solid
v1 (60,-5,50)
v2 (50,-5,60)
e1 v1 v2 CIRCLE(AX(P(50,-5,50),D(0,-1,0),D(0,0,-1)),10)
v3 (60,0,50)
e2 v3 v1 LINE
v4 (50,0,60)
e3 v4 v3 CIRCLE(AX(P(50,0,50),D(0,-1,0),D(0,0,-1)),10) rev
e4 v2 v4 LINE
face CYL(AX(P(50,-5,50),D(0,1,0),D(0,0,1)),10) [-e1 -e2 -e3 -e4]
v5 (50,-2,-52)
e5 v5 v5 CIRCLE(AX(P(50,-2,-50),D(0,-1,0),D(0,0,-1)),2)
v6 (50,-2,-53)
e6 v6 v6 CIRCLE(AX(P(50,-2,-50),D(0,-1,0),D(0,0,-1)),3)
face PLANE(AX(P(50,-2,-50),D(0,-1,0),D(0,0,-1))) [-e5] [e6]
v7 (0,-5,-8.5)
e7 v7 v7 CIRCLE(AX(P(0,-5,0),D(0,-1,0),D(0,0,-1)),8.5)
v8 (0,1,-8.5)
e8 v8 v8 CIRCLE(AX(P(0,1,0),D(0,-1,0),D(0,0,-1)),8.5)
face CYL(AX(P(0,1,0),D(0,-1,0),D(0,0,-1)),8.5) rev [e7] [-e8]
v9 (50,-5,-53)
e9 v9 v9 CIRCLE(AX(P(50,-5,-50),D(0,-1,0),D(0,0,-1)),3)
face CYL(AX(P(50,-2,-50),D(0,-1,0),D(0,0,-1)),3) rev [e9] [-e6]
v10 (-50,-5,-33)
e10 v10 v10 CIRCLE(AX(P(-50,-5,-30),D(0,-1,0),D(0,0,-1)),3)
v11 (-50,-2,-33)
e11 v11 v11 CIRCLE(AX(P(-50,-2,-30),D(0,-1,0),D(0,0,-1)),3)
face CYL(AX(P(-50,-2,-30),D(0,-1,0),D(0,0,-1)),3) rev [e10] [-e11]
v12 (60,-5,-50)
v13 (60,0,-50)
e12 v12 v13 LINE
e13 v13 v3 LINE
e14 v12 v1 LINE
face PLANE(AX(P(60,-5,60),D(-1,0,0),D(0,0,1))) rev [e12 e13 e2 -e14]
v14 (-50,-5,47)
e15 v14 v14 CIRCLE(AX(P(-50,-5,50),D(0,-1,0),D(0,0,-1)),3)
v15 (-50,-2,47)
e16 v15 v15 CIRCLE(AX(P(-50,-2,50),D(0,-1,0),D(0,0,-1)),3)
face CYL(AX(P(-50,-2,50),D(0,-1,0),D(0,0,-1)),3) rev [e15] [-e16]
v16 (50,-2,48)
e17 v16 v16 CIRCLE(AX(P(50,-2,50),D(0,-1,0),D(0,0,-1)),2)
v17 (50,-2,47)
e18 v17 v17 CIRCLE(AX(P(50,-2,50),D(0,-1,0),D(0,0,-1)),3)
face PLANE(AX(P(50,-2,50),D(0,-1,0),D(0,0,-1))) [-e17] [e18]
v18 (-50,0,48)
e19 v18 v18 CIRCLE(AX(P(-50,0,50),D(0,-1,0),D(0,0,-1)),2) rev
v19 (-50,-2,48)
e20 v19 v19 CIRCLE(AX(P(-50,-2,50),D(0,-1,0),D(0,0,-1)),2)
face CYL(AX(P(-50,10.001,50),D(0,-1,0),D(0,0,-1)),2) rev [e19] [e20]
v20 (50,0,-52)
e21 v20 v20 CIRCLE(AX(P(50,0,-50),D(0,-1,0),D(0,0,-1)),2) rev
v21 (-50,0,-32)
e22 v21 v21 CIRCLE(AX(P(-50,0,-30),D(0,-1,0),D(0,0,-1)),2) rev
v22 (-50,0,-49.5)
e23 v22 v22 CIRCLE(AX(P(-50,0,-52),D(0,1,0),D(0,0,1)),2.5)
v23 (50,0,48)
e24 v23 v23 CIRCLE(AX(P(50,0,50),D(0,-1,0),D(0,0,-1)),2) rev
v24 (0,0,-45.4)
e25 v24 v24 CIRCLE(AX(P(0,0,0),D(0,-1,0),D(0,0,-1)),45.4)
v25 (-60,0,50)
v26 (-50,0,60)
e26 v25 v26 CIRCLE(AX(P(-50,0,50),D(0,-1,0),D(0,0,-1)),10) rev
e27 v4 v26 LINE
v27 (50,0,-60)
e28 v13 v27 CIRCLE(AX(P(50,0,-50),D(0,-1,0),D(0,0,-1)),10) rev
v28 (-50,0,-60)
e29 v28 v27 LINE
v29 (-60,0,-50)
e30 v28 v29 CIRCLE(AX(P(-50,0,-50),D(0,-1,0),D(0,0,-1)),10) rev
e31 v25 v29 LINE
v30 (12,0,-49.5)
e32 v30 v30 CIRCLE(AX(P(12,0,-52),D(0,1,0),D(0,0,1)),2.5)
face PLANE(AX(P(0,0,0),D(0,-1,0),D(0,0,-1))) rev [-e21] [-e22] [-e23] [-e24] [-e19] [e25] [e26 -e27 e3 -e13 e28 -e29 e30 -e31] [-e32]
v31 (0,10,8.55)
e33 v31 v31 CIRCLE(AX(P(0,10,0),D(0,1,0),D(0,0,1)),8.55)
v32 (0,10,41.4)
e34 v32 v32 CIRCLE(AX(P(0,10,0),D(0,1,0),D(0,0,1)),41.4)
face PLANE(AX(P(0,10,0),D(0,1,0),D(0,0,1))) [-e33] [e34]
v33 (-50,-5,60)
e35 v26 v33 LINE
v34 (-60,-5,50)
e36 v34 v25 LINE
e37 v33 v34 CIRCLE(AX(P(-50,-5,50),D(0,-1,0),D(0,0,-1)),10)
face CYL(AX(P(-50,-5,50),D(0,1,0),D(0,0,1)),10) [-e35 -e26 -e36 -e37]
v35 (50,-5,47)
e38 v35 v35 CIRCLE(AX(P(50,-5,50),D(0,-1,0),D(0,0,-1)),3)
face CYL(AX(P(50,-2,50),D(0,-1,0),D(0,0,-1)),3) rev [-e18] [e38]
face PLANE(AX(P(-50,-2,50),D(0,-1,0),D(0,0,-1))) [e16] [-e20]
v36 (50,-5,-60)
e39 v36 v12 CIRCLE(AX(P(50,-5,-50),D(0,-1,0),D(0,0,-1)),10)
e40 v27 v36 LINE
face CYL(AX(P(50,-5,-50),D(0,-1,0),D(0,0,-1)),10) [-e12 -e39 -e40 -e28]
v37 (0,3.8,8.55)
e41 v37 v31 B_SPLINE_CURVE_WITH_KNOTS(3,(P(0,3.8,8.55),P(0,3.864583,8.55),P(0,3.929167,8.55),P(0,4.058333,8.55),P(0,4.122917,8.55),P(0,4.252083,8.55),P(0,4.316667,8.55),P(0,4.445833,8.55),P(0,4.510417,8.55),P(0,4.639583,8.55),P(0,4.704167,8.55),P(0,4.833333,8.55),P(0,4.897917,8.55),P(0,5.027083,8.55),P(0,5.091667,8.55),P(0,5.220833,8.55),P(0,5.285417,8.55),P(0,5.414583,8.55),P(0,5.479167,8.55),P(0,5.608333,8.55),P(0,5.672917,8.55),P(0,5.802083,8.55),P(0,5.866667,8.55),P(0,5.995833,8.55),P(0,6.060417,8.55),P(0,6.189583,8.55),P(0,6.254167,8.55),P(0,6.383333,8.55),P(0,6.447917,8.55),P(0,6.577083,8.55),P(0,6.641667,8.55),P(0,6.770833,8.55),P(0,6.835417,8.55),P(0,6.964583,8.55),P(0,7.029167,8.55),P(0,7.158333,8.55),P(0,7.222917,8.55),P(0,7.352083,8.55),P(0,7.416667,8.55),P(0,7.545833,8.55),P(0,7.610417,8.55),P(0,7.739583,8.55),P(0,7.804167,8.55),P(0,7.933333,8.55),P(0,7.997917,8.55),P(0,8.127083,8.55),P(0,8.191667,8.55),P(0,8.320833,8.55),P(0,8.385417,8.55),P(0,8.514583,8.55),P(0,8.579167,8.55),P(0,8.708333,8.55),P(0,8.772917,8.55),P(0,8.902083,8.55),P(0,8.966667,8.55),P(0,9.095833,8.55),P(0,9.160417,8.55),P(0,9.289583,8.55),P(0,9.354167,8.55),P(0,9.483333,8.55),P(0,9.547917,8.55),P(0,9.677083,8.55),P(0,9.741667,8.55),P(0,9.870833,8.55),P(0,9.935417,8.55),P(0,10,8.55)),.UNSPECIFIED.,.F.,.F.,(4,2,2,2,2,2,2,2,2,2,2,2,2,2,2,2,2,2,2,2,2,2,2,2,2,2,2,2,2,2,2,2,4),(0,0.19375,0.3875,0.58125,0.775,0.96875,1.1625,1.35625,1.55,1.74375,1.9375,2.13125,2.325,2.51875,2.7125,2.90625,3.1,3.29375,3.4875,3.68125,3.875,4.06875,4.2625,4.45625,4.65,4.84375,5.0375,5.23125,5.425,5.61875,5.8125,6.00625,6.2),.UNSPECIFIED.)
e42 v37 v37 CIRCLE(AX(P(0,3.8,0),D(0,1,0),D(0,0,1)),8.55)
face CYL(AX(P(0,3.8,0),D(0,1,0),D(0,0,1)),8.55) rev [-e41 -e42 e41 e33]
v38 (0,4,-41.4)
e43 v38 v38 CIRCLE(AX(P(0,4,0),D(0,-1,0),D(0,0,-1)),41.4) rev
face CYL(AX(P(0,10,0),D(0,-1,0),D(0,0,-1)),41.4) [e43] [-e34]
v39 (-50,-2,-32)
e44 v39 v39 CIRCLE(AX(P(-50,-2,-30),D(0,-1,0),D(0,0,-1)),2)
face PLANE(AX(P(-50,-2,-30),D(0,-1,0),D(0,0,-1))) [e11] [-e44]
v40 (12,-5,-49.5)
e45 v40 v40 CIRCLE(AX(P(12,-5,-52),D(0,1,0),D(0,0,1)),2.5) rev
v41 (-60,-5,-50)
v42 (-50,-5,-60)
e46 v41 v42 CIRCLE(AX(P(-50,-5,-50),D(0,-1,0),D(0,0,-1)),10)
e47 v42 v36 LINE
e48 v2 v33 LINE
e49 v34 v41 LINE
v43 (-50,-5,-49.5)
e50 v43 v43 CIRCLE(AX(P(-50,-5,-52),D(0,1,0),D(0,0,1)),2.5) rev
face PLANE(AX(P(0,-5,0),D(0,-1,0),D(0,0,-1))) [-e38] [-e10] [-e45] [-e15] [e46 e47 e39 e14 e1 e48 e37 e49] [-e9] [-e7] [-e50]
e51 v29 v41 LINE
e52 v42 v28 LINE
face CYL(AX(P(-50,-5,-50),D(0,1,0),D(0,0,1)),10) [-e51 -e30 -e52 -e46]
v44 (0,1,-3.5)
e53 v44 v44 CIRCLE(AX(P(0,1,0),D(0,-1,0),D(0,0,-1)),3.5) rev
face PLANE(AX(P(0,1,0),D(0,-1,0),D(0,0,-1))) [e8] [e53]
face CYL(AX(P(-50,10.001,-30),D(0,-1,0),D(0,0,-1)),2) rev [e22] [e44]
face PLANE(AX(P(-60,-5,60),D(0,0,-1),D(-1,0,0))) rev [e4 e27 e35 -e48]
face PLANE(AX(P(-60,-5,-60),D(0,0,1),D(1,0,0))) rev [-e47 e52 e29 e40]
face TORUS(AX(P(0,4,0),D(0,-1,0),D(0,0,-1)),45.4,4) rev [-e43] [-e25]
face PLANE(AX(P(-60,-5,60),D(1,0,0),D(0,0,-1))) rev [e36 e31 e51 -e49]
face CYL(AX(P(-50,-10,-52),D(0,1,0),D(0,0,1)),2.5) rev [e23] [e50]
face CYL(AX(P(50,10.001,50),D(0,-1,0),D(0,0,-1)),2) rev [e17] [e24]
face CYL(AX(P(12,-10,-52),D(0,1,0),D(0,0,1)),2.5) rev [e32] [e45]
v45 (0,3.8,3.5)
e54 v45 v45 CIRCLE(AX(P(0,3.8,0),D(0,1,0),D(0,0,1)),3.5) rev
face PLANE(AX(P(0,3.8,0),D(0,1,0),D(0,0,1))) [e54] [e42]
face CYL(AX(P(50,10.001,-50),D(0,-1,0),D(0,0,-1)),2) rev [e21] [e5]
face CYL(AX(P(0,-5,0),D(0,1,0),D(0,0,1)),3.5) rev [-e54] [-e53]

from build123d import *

# Parameters (mm, degrees)
CROQUIS1_R              = 41.4
SALIENTE_EXTRUIR1_DEPTH = 10
CROQUIS3_W              = 120
CROQUIS3_H              = 120
SALIENTE_EXTRUIR2_DEPTH = 5
CROQUIS2_R              = 3.5
CORTAR_EXTRUIR1_DEPTH   = 87.168439698
CROQUIS4_R              = 8.5
CORTAR_EXTRUIR2_DEPTH   = 6
CROQUIS5_W              = 42.3
CROQUIS5_H              = 42.3
SALIENTE_EXTRUIR3_DEPTH = 5
REDONDEO1_R             = 4
CORTAR_EXTRUIR3_REACH   = 134.292
CROQUIS8_R              = 2
CROQUIS8_R_2            = 11.5
CROQUIS9_R              = 3
CORTAR_EXTRUIR4_DEPTH   = 3
CORTAR_EXTRUIR5_REACH   = 98.188
CROQUIS10_R             = 2
CROQUIS11_W             = 17
CROQUIS11_H             = 42.3
SALIENTE_EXTRUIR4_DEPTH = 3
CROQUIS12_W             = 17
CROQUIS12_H             = 42.3
SALIENTE_EXTRUIR5_DEPTH = 3
CROQUIS15_W             = 17
CROQUIS15_H             = 3
SALIENTE_EXTRUIR6_DEPTH = 14
CROQUIS16_W             = 17
CROQUIS16_H             = 3
SALIENTE_EXTRUIR7_DEPTH = 15
CROQUIS13_R             = 2.5
CORTAR_EXTRUIR6_DEPTH   = 10
CROQUIS17_W             = 139.545471549
CROQUIS17_H             = 43.797559685
CORTAR_EXTRUIR7_DEPTH   = 120
REDONDEO2_R             = 10
REDONDEO3_R             = 10
REDONDEO4_R             = 10
REDONDEO5_R             = 10
CROQUIS18_R             = 8.55
CORTAR_EXTRUIR8_DEPTH   = 6.2


with BuildPart() as part:
    # Croquis1 → Saliente-Extruir1 (new body)
    with BuildSketch(Plane(origin=(0, 0, 0), x_dir=(1, 0, 0), z_dir=(0, 1, 0))):
        with Locations(Location((0, 0, 0), (0, 0, 270))):
            Circle(CROQUIS1_R)
    extrude(amount=SALIENTE_EXTRUIR1_DEPTH)

    # Croquis3 → Saliente-Extruir2 (add)
    with BuildSketch(Plane.XZ):
        Rectangle(CROQUIS3_W, CROQUIS3_H)
    extrude(amount=SALIENTE_EXTRUIR2_DEPTH)

    # Croquis2 → Cortar-Extruir1 (cut, through all)
    with BuildSketch(Plane(origin=(0, 10, 0), x_dir=(1, 0, 0), z_dir=(0, 1, 0))):
        with Locations(Location((0, 0, 0), (0, 0, 270))):
            Circle(CROQUIS2_R)
    extrude(amount=-CORTAR_EXTRUIR1_DEPTH, mode=Mode.SUBTRACT)

    # Croquis4 → Cortar-Extruir2 (cut)
    with BuildSketch(Plane.XZ.offset(5)):
        with Locations(Location((0, 0, 0), (0, 0, 270))):
            Circle(CROQUIS4_R)
    extrude(amount=-CORTAR_EXTRUIR2_DEPTH, mode=Mode.SUBTRACT)

    # Croquis5 → Saliente-Extruir3 (add)
    with BuildSketch(Plane.XY.offset(-43)):
        with Locations((-19.5, -26.15)):
            Rectangle(CROQUIS5_W, CROQUIS5_H)
    extrude(amount=-SALIENTE_EXTRUIR3_DEPTH)

    # Redondeo1
    redondeo1_edges = [part.edges().sort_by_distance(p)[0] for p in [
        (0, 0, -41.4),
    ]]
    fillet(redondeo1_edges, radius=REDONDEO1_R)

    # Croquis8 → Cortar-Extruir3 (cut, up to next)
    with BuildSketch(Plane(origin=(0, 0, -48), x_dir=(-1, 0, 0), z_dir=(0, 0, -1)), mode=Mode.PRIVATE) as cortar_extruir3_sk1:
        with Locations((4, -10.65)):
            Circle(CROQUIS8_R)
    cortar_extruir3_tool1 = extrude(cortar_extruir3_sk1.sketch, amount=-CORTAR_EXTRUIR3_REACH, mode=Mode.PRIVATE) & part.part
    # Croquis8 → Cortar-Extruir3 (cut, up to next)
    with BuildSketch(Plane(origin=(0, 0, -48), x_dir=(-1, 0, 0), z_dir=(0, 0, -1)), mode=Mode.PRIVATE) as cortar_extruir3_sk2:
        with Locations((35, -10.65)):
            Circle(CROQUIS8_R)
    cortar_extruir3_tool2 = extrude(cortar_extruir3_sk2.sketch, amount=-CORTAR_EXTRUIR3_REACH, mode=Mode.PRIVATE) & part.part
    # Croquis8 → Cortar-Extruir3 (cut, up to next)
    with BuildSketch(Plane(origin=(0, 0, -48), x_dir=(-1, 0, 0), z_dir=(0, 0, -1)), mode=Mode.PRIVATE) as cortar_extruir3_sk3:
        with Locations((35, -41.65)):
            Circle(CROQUIS8_R)
    cortar_extruir3_tool3 = extrude(cortar_extruir3_sk3.sketch, amount=-CORTAR_EXTRUIR3_REACH, mode=Mode.PRIVATE) & part.part
    # Croquis8 → Cortar-Extruir3 (cut, up to next)
    with BuildSketch(Plane(origin=(0, 0, -48), x_dir=(-1, 0, 0), z_dir=(0, 0, -1)), mode=Mode.PRIVATE) as cortar_extruir3_sk4:
        with Locations((4, -41.65)):
            Circle(CROQUIS8_R)
    cortar_extruir3_tool4 = extrude(cortar_extruir3_sk4.sketch, amount=-CORTAR_EXTRUIR3_REACH, mode=Mode.PRIVATE) & part.part
    # Croquis8 → Cortar-Extruir3 (cut, up to next)
    with BuildSketch(Plane(origin=(0, 0, -48), x_dir=(-1, 0, 0), z_dir=(0, 0, -1)), mode=Mode.PRIVATE) as cortar_extruir3_sk5:
        with Locations((19.5, -26.15)):
            Circle(CROQUIS8_R_2)
    cortar_extruir3_tool5 = extrude(cortar_extruir3_sk5.sketch, amount=-CORTAR_EXTRUIR3_REACH, mode=Mode.PRIVATE) & part.part
    add(cortar_extruir3_tool1.solids().sort_by_distance((-4, -10.65, -48))[0], mode=Mode.SUBTRACT)
    add(cortar_extruir3_tool2.solids().sort_by_distance((-35, -10.65, -48))[0], mode=Mode.SUBTRACT)
    add(cortar_extruir3_tool3.solids().sort_by_distance((-35, -41.65, -48))[0], mode=Mode.SUBTRACT)
    add(cortar_extruir3_tool4.solids().sort_by_distance((-4, -41.65, -48))[0], mode=Mode.SUBTRACT)
    add(cortar_extruir3_tool5.solids().sort_by_distance((-19.5, -26.15, -48))[0], mode=Mode.SUBTRACT)

    # Croquis9 → Cortar-Extruir4 (cut)
    with BuildSketch(Plane.XZ.offset(5)):
        with Locations(Location((-50, 50, 0), (0, 0, 270))):
            Circle(CROQUIS9_R)
        with Locations(Location((50, 50, 0), (0, 0, 270))):
            Circle(CROQUIS9_R)
        with Locations(Location((50, -50, 0), (0, 0, 270))):
            Circle(CROQUIS9_R)
        with Locations(Location((-50, -30, 0), (0, 0, 270))):
            Circle(CROQUIS9_R)
    extrude(amount=-CORTAR_EXTRUIR4_DEPTH, mode=Mode.SUBTRACT)

    # Croquis10 → Cortar-Extruir5 (cut, up to next)
    with BuildSketch(Plane.XZ.offset(2), mode=Mode.PRIVATE) as cortar_extruir5_sk1:
        with Locations(Location((-50, 50, 0), (0, 0, 270))):
            Circle(CROQUIS10_R)
    cortar_extruir5_tool1 = extrude(cortar_extruir5_sk1.sketch, amount=-CORTAR_EXTRUIR5_REACH, mode=Mode.PRIVATE) & part.part
    # Croquis10 → Cortar-Extruir5 (cut, up to next)
    with BuildSketch(Plane.XZ.offset(2), mode=Mode.PRIVATE) as cortar_extruir5_sk2:
        with Locations(Location((50, 50, 0), (0, 0, 270))):
            Circle(CROQUIS10_R)
    cortar_extruir5_tool2 = extrude(cortar_extruir5_sk2.sketch, amount=-CORTAR_EXTRUIR5_REACH, mode=Mode.PRIVATE) & part.part
    # Croquis10 → Cortar-Extruir5 (cut, up to next)
    with BuildSketch(Plane.XZ.offset(2), mode=Mode.PRIVATE) as cortar_extruir5_sk3:
        with Locations(Location((50, -50, 0), (0, 0, 270))):
            Circle(CROQUIS10_R)
    cortar_extruir5_tool3 = extrude(cortar_extruir5_sk3.sketch, amount=-CORTAR_EXTRUIR5_REACH, mode=Mode.PRIVATE) & part.part
    # Croquis10 → Cortar-Extruir5 (cut, up to next)
    with BuildSketch(Plane.XZ.offset(2), mode=Mode.PRIVATE) as cortar_extruir5_sk4:
        with Locations(Location((-50, -30, 0), (0, 0, 270))):
            Circle(CROQUIS10_R)
    cortar_extruir5_tool4 = extrude(cortar_extruir5_sk4.sketch, amount=-CORTAR_EXTRUIR5_REACH, mode=Mode.PRIVATE) & part.part
    add(cortar_extruir5_tool1.solids().sort_by_distance((-50, -2, 50))[0], mode=Mode.SUBTRACT)
    add(cortar_extruir5_tool2.solids().sort_by_distance((50, -2, 50))[0], mode=Mode.SUBTRACT)
    add(cortar_extruir5_tool3.solids().sort_by_distance((50, -2, -50))[0], mode=Mode.SUBTRACT)
    add(cortar_extruir5_tool4.solids().sort_by_distance((-50, -2, -30))[0], mode=Mode.SUBTRACT)

    # Croquis11 → Saliente-Extruir4 (add)
    with BuildSketch(Plane(origin=(1.65, 0, 0), x_dir=(0, 0, -1), z_dir=(1, 0, 0))):
        with Locations((51.5, -26.15)):
            Rectangle(CROQUIS11_W, CROQUIS11_H)
    extrude(amount=SALIENTE_EXTRUIR4_DEPTH)

    # Croquis12 → Saliente-Extruir5 (add)
    with BuildSketch(Plane.ZY.offset(40.65)):
        with Locations((-51.5, -26.15)):
            Rectangle(CROQUIS12_W, CROQUIS12_H)
    extrude(amount=SALIENTE_EXTRUIR5_DEPTH)

    # Croquis15 → Saliente-Extruir6 (add)
    with BuildSketch(Plane.ZY.offset(43.65)):
        with Locations((-51.5, -6.5)):
            Rectangle(CROQUIS15_W, CROQUIS15_H)
    extrude(amount=SALIENTE_EXTRUIR6_DEPTH)

    # Croquis16 → Saliente-Extruir7 (add)
    with BuildSketch(Plane(origin=(4.65, 0, 0), x_dir=(0, 0, -1), z_dir=(1, 0, 0))):
        with Locations((51.5, -6.5)):
            Rectangle(CROQUIS16_W, CROQUIS16_H)
    extrude(amount=SALIENTE_EXTRUIR7_DEPTH)

    # Croquis13 → Cortar-Extruir6 (cut)
    with BuildSketch(Plane(origin=(0, 0, 0), x_dir=(1, 0, 0), z_dir=(0, 1, 0))):
        with Locations(Location((-50, 52, 0), (0, 0, 270))):
            Circle(CROQUIS13_R)
        with Locations(Location((12, 52, 0), (0, 0, 270))):
            Circle(CROQUIS13_R)
    extrude(amount=-CORTAR_EXTRUIR6_DEPTH, mode=Mode.SUBTRACT)

    # Croquis17 → Cortar-Extruir7 (cut)
    with BuildSketch(Plane(origin=(0, 0, -60), x_dir=(-1, 0, 0), z_dir=(0, 0, -1))):
        with Locations((9.772735774, -26.898779843)):
            Rectangle(CROQUIS17_W, CROQUIS17_H)
    extrude(amount=-CORTAR_EXTRUIR7_DEPTH, mode=Mode.SUBTRACT)

    # Redondeo2
    redondeo2_edges = [part.edges().sort_by_distance(p)[0] for p in [
        (60, -2.5, -60),
    ]]
    fillet(redondeo2_edges, radius=REDONDEO2_R)

    # Redondeo3
    redondeo3_edges = [part.edges().sort_by_distance(p)[0] for p in [
        (-60, -2.5, -60),
    ]]
    fillet(redondeo3_edges, radius=REDONDEO3_R)

    # Redondeo4
    redondeo4_edges = [part.edges().sort_by_distance(p)[0] for p in [
        (-60, -2.5, 60),
    ]]
    fillet(redondeo4_edges, radius=REDONDEO4_R)

    # Redondeo5
    redondeo5_edges = [part.edges().sort_by_distance(p)[0] for p in [
        (60, -2.5, 60),
    ]]
    fillet(redondeo5_edges, radius=REDONDEO5_R)

    # Croquis18 → Cortar-Extruir8 (cut)
    with BuildSketch(Plane(origin=(0, 10, 0), x_dir=(1, 0, 0), z_dir=(0, 1, 0))):
        with Locations(Location((0, 0, 0), (0, 0, 270))):
            Circle(CROQUIS18_R)
    extrude(amount=-CORTAR_EXTRUIR8_DEPTH, mode=Mode.SUBTRACT)


solid = part.part
